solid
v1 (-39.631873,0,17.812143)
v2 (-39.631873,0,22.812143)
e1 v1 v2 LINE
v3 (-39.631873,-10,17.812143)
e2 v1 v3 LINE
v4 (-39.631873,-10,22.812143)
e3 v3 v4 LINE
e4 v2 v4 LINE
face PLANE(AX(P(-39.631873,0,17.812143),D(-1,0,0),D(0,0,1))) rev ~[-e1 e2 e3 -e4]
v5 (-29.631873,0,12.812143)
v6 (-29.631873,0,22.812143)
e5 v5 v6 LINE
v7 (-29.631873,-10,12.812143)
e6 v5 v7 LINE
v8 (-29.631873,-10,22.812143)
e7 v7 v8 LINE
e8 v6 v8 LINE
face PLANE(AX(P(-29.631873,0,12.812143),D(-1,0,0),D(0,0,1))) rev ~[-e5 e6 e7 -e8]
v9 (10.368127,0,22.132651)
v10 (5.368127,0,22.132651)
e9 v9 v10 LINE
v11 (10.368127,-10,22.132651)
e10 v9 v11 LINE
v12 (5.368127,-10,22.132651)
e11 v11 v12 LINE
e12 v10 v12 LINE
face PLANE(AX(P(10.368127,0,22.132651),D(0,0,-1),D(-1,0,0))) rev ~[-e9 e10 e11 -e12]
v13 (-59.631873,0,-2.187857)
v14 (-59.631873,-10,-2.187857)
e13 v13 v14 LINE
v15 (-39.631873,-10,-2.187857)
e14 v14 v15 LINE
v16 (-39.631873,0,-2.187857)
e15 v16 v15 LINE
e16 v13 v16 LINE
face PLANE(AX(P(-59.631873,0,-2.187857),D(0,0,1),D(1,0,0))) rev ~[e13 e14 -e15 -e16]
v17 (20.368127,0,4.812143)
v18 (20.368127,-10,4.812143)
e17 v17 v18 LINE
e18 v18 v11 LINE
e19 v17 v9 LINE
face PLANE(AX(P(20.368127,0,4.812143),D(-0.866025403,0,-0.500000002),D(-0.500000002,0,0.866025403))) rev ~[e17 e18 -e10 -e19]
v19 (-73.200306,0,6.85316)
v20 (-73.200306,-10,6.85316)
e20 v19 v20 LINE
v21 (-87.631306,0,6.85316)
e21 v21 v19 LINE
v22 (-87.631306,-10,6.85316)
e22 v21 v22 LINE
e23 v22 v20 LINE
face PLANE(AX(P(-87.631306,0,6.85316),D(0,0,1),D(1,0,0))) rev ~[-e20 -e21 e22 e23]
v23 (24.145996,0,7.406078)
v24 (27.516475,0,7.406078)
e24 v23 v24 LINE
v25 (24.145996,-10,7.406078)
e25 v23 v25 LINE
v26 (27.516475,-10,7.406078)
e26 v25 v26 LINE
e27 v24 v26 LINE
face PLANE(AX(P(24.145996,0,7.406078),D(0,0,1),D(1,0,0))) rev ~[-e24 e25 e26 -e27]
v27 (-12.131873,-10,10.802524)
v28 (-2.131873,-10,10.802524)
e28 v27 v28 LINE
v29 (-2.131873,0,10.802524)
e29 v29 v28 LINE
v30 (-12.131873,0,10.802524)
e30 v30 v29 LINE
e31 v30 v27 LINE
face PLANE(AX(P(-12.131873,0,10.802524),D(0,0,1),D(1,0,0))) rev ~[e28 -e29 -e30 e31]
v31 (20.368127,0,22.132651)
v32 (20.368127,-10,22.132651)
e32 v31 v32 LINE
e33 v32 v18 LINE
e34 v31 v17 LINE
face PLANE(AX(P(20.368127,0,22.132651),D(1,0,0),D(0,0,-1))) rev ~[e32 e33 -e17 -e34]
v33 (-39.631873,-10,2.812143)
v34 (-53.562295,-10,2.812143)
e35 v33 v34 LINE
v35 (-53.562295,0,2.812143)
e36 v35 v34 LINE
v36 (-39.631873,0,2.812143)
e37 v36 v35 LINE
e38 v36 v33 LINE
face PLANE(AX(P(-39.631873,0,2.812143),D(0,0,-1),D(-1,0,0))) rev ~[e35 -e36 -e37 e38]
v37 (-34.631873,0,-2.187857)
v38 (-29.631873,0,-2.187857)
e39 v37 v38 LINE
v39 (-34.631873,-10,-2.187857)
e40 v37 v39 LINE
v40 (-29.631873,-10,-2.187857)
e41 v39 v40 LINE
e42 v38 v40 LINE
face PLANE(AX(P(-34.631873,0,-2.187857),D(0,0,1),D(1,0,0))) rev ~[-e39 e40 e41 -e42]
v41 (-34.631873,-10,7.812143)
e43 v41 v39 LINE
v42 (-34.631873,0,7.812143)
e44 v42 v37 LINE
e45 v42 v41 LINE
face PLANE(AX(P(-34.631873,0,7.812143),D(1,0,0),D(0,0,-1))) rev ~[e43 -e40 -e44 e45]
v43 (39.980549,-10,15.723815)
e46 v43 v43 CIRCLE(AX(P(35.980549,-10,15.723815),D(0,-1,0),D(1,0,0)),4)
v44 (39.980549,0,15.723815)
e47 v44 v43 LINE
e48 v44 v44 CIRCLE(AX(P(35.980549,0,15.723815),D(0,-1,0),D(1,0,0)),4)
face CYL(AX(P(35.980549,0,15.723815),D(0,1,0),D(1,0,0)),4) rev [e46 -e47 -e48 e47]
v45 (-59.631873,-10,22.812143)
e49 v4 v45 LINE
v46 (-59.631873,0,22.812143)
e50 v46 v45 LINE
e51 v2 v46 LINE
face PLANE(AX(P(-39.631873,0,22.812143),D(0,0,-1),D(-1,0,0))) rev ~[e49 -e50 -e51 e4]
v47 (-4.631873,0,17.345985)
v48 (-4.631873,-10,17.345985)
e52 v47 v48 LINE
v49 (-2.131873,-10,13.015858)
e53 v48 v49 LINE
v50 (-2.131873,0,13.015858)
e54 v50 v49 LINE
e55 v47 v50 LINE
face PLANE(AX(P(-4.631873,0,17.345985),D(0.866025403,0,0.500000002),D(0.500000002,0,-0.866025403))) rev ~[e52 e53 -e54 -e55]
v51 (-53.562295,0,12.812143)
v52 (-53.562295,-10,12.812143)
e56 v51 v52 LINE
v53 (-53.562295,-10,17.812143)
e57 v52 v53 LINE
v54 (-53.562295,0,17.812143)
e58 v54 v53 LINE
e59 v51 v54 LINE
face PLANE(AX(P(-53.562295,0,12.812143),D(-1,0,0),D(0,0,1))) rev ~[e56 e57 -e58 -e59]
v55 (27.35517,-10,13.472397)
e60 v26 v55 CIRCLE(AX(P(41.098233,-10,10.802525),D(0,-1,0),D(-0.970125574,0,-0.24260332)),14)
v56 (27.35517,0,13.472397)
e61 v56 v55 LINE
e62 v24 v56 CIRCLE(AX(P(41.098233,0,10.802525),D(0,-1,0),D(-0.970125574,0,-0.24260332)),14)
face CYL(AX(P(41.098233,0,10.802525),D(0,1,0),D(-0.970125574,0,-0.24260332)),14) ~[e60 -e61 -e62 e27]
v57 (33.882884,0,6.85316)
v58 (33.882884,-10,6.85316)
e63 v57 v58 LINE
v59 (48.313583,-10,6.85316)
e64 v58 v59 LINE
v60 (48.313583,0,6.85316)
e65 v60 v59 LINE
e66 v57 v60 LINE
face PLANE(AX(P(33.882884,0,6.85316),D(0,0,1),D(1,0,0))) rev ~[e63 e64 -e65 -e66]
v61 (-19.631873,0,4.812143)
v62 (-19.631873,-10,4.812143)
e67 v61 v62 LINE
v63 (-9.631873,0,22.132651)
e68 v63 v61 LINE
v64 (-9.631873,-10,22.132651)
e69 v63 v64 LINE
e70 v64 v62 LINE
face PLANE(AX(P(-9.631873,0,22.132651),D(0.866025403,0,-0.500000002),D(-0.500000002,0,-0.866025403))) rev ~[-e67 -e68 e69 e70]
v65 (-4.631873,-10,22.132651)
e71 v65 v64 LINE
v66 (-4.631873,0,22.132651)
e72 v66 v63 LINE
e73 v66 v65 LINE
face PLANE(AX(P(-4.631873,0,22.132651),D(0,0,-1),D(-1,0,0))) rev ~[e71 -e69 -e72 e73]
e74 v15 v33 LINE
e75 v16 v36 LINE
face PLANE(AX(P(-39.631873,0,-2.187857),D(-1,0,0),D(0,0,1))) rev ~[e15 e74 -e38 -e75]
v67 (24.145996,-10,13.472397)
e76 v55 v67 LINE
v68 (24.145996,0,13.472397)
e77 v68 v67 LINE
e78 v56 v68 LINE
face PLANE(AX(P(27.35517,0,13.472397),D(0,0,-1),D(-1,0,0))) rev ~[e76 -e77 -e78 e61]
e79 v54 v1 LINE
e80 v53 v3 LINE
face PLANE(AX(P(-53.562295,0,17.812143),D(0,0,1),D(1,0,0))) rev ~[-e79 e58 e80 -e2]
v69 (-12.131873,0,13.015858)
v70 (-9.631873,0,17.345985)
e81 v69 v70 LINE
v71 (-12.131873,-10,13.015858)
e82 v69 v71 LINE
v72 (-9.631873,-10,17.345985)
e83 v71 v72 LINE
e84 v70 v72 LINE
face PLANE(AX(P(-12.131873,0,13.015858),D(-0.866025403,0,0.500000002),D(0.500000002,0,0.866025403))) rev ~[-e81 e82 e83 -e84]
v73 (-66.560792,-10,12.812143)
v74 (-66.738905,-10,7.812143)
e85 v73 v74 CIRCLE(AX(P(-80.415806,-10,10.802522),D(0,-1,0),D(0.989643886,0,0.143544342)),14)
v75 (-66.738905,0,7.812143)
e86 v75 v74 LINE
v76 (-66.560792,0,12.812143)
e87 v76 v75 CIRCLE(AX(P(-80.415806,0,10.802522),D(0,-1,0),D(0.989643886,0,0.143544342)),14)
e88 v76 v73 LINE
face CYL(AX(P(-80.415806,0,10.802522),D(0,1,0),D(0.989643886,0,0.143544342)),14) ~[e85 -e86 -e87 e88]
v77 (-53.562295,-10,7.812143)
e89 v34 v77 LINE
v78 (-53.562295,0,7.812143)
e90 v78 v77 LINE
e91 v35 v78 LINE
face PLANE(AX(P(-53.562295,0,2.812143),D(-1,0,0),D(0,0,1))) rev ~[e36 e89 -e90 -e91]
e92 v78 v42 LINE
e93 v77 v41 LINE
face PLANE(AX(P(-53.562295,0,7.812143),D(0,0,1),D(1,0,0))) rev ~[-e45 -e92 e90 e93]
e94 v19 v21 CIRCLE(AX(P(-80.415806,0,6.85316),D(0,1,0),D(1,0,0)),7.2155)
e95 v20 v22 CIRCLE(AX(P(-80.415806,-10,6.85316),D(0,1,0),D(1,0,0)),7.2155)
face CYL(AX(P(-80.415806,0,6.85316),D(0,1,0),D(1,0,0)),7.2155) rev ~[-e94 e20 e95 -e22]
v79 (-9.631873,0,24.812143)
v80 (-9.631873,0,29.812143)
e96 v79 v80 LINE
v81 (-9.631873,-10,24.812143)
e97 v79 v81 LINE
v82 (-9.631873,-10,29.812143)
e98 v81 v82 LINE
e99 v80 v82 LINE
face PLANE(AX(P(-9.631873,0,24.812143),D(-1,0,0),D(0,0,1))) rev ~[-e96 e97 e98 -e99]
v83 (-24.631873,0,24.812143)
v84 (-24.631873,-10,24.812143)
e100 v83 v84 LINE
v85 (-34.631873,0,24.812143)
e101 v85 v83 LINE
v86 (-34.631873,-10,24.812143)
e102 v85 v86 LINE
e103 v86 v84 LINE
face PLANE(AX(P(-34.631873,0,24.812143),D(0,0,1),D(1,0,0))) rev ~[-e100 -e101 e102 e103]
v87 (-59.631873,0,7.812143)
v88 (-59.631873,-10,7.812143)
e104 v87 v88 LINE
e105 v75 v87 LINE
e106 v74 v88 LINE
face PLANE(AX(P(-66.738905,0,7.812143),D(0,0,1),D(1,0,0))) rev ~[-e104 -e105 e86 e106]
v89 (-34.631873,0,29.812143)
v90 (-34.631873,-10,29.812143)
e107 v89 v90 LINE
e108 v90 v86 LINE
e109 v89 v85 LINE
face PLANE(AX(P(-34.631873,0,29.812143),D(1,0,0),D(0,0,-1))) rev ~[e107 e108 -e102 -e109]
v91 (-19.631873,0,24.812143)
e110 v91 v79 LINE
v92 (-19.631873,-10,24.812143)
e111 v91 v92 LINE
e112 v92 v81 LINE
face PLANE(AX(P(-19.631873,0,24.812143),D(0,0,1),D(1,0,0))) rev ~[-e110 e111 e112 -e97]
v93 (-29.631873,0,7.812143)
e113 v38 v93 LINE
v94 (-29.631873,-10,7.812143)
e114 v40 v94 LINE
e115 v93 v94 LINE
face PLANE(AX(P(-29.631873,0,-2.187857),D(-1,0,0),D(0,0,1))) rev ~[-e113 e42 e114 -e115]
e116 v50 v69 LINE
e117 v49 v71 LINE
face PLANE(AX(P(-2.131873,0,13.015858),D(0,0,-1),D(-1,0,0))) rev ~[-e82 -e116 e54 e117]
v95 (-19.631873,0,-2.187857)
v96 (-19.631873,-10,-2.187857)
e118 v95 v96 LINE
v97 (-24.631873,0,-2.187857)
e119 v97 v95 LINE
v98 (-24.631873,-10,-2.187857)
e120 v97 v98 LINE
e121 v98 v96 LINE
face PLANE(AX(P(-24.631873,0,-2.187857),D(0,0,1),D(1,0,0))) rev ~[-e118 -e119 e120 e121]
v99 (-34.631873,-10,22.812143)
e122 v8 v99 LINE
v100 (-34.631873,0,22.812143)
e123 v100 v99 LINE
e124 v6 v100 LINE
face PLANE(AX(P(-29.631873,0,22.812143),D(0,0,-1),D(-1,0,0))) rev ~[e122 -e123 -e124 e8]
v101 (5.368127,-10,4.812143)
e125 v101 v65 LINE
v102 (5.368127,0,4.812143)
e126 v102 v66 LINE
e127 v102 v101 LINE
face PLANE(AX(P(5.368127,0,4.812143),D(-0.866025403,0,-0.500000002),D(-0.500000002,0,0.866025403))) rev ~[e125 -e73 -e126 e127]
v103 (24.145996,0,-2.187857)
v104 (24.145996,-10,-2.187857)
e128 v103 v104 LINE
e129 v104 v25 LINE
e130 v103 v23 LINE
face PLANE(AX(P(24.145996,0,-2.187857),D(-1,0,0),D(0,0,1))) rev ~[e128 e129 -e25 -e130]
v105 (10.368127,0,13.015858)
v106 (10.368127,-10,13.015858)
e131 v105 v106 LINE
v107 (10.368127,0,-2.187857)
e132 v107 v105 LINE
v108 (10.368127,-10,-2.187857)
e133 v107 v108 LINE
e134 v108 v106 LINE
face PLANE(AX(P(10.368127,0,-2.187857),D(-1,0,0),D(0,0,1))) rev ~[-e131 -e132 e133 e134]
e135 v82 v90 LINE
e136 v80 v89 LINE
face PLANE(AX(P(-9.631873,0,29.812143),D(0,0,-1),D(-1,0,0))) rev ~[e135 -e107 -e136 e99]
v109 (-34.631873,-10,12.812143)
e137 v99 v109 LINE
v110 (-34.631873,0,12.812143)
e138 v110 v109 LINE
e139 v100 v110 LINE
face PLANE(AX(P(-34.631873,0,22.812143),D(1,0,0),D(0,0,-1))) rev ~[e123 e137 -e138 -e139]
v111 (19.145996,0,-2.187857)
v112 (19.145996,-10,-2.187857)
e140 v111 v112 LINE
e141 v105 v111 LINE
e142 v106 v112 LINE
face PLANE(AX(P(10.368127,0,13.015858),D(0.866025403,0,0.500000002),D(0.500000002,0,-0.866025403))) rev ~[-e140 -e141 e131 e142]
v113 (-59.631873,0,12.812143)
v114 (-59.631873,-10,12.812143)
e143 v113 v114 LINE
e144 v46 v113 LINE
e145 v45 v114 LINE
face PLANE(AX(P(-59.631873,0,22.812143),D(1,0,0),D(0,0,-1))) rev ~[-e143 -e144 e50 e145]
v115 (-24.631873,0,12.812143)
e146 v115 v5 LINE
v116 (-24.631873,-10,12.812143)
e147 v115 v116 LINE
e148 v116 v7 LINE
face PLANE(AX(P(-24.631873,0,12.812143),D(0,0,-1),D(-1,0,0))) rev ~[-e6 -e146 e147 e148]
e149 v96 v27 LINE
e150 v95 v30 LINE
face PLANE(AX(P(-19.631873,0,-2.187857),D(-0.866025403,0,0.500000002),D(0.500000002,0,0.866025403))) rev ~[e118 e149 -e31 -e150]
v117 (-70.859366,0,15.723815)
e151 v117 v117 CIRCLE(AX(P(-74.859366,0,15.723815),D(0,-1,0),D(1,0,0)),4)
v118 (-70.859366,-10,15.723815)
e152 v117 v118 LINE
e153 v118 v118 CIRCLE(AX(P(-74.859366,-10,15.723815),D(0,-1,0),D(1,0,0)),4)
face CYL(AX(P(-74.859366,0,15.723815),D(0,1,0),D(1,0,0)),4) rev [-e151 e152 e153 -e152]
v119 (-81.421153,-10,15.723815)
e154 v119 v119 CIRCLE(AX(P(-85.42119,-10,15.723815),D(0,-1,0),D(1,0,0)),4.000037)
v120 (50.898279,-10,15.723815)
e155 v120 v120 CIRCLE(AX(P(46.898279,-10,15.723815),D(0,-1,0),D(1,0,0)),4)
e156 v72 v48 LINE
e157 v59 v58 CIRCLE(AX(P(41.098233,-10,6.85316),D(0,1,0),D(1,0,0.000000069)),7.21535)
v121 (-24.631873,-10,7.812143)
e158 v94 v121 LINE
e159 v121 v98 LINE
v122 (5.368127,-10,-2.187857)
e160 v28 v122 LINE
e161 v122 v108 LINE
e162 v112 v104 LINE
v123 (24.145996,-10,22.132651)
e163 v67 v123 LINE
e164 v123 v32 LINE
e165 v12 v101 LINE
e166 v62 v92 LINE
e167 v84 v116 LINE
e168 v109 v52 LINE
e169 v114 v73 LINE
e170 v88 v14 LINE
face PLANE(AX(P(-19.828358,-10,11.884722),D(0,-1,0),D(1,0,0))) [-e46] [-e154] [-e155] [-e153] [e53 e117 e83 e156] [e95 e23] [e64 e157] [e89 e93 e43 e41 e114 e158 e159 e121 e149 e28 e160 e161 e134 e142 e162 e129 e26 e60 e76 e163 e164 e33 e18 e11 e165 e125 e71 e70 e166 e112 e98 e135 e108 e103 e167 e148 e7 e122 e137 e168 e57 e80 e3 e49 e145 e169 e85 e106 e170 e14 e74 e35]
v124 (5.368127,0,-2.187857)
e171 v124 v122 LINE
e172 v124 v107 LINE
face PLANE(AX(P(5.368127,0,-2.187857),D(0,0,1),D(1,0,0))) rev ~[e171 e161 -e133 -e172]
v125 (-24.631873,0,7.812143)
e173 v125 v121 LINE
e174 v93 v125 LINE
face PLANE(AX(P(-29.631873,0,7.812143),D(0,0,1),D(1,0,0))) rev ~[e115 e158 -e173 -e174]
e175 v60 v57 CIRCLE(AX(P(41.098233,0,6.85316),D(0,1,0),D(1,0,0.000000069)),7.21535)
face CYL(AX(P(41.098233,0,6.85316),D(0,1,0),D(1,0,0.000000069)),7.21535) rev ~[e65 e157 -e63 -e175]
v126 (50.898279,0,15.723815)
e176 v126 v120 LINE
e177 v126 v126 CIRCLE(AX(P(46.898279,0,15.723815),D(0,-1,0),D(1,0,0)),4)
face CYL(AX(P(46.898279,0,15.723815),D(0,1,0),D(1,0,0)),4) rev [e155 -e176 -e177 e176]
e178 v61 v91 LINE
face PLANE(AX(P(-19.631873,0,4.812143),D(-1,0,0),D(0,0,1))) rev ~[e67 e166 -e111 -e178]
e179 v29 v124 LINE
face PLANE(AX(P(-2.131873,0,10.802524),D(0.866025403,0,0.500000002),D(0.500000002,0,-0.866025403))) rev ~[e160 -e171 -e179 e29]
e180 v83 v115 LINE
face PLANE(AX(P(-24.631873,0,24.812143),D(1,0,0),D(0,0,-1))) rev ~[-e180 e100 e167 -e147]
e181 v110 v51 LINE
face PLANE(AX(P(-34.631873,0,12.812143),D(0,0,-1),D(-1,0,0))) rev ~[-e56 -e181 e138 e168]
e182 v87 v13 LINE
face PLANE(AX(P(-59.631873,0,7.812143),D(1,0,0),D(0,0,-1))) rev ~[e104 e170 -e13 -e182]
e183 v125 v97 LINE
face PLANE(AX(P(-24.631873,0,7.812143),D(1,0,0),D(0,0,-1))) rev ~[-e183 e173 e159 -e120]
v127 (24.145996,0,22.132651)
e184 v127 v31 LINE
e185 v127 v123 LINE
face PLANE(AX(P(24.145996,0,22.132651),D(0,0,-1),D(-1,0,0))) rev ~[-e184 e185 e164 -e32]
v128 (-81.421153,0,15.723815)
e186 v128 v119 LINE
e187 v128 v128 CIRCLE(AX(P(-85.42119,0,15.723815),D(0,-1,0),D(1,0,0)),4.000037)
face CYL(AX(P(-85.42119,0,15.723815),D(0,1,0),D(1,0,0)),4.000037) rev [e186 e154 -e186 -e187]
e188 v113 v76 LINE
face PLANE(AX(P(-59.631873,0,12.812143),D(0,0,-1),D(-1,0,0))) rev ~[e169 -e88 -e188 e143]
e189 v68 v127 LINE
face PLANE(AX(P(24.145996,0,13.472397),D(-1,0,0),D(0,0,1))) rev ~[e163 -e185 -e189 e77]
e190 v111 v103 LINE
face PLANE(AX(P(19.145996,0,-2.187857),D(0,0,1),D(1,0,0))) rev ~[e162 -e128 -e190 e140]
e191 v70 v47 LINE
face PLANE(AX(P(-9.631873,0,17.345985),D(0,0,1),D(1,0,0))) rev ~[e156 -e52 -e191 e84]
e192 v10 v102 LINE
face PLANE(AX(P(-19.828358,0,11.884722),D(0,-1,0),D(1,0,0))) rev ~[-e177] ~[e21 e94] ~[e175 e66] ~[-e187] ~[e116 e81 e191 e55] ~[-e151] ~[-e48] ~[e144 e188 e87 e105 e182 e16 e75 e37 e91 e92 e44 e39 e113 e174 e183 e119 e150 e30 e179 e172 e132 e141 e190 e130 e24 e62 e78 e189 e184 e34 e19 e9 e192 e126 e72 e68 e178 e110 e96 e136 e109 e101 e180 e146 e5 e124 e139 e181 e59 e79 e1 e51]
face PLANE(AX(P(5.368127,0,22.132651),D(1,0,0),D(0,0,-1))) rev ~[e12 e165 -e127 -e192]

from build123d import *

# Parameters (mm, degrees)
F0_R     = 4.000037
F0_R_2   = 4
F1_DEPTH = 10


with BuildPart() as f1:
    # F0 (on Front) → F1 (new body)
    with BuildSketch(Plane.XZ):
        with BuildLine():
            Line((-53.562295, 17.812143), (-39.631873, 17.812143))
            Line((-39.631873, 17.812143), (-39.631873, 22.812143))
            Line((-39.631873, 22.812143), (-59.631873, 22.812143))
            Line((-59.631873, 22.812143), (-59.631873, 12.812143))
            Line((-59.631873, 12.812143), (-66.560792, 12.812143))
            ThreePointArc((-66.560792, 12.812143), (-94.406932, 11.300926), (-66.738905, 7.812143))
            Line((-66.738905, 7.812143), (-59.631873, 7.812143))
            Line((-59.631873, 7.812143), (-59.631873, -2.187857))
            Line((-59.631873, -2.187857), (-39.631873, -2.187857))
            Line((-39.631873, -2.187857), (-39.631873, 2.812143))
            Line((-39.631873, 2.812143), (-53.562295, 2.812143))
            Line((-53.562295, 2.812143), (-53.562295, 7.812143))
            Line((-53.562295, 7.812143), (-39.631873, 7.812143))
            Line((-39.631873, 7.812143), (-34.631873, 7.812143))
            Line((-34.631873, 7.812143), (-34.631873, -2.187857))
            Line((-34.631873, -2.187857), (-29.631873, -2.187857))
            Line((-29.631873, -2.187857), (-29.631873, 7.812143))
            Line((-29.631873, 7.812143), (-24.631873, 7.812143))
            Line((-24.631873, 7.812143), (-24.631873, -2.187857))
            Line((-24.631873, -2.187857), (-19.631873, -2.187857))
            Line((-19.631873, -2.187857), (-12.131873, 10.802524))
            Line((-12.131873, 10.802524), (-2.131873, 10.802524))
            Line((-2.131873, 10.802524), (5.368127, -2.187857))
            Line((5.368127, -2.187857), (10.368127, -2.187857))
            Line((10.368127, -2.187857), (10.368127, 13.015858))
            Line((10.368127, 13.015858), (19.145996, -2.187857))
            Line((19.145996, -2.187857), (24.145996, -2.187857))
            Line((24.145996, -2.187857), (24.145996, 7.406078))
            Line((24.145996, 7.406078), (27.516475, 7.406078))
            ThreePointArc((27.516475, 7.406078), (55.093287, 11.174656), (27.35517, 13.472397))
            Line((27.35517, 13.472397), (24.145996, 13.472397))
            Line((24.145996, 13.472397), (24.145996, 22.132651))
            Line((24.145996, 22.132651), (20.368127, 22.132651))
            Line((20.368127, 22.132651), (20.368127, 4.812143))
            Line((20.368127, 4.812143), (10.368127, 22.132651))
            Line((10.368127, 22.132651), (5.368127, 22.132651))
            Line((5.368127, 22.132651), (5.368127, 6.907172))
            Line((5.368127, 6.907172), (5.368127, 4.812143))
            Line((5.368127, 4.812143), (-4.631873, 22.132651))
            Line((-4.631873, 22.132651), (-9.631873, 22.132651))
            Line((-9.631873, 22.132651), (-19.631873, 4.812143))
            Line((-19.631873, 4.812143), (-19.631873, 6.907172))
            Line((-19.631873, 6.907172), (-19.631873, 24.812143))
            Line((-19.631873, 24.812143), (-9.631873, 24.812143))
            Line((-9.631873, 24.812143), (-9.631873, 29.812143))
            Line((-9.631873, 29.812143), (-34.631873, 29.812143))
            Line((-34.631873, 29.812143), (-34.631873, 24.812143))
            Line((-34.631873, 24.812143), (-24.631873, 24.812143))
            Line((-24.631873, 24.812143), (-24.631873, 12.812143))
            Line((-24.631873, 12.812143), (-29.631873, 12.812143))
            Line((-29.631873, 12.812143), (-29.631873, 22.812143))
            Line((-29.631873, 22.812143), (-34.631873, 22.812143))
            Line((-34.631873, 22.812143), (-34.631873, 12.812143))
            Line((-34.631873, 12.812143), (-39.631873, 12.812143))
            Line((-39.631873, 12.812143), (-53.562295, 12.812143))
            Line((-53.562295, 12.812143), (-53.562295, 17.812143))
        make_face()
        with BuildLine():
            ThreePointArc((-73.200306, 6.85316), (-80.415806, -0.36234), (-87.631306, 6.85316))
            Line((-87.631306, 6.85316), (-73.200306, 6.85316))
        make_face(mode=Mode.SUBTRACT)
        with BuildLine():
            ThreePointArc((48.313583, 6.85316), (41.098233, -0.36219), (33.882884, 6.85316))
            Line((33.882884, 6.85316), (48.313583, 6.85316))
        make_face(mode=Mode.SUBTRACT)
        with Locations((-85.42119, 15.723815)):
            Circle(F0_R, mode=Mode.SUBTRACT)
        with Locations((-74.859366, 15.723815)):
            Circle(F0_R_2, mode=Mode.SUBTRACT)
        Polygon((-9.631873, 17.345985), (-4.631873, 17.345985), (-2.131873, 13.015858), (-12.131873, 13.015858), align=None, mode=Mode.SUBTRACT)
        with Locations((35.980549, 15.723815)):
            Circle(F0_R_2, mode=Mode.SUBTRACT)
        with Locations((46.898279, 15.723815)):
            Circle(F0_R_2, mode=Mode.SUBTRACT)
    extrude(amount=F1_DEPTH)


solid = f1.part
